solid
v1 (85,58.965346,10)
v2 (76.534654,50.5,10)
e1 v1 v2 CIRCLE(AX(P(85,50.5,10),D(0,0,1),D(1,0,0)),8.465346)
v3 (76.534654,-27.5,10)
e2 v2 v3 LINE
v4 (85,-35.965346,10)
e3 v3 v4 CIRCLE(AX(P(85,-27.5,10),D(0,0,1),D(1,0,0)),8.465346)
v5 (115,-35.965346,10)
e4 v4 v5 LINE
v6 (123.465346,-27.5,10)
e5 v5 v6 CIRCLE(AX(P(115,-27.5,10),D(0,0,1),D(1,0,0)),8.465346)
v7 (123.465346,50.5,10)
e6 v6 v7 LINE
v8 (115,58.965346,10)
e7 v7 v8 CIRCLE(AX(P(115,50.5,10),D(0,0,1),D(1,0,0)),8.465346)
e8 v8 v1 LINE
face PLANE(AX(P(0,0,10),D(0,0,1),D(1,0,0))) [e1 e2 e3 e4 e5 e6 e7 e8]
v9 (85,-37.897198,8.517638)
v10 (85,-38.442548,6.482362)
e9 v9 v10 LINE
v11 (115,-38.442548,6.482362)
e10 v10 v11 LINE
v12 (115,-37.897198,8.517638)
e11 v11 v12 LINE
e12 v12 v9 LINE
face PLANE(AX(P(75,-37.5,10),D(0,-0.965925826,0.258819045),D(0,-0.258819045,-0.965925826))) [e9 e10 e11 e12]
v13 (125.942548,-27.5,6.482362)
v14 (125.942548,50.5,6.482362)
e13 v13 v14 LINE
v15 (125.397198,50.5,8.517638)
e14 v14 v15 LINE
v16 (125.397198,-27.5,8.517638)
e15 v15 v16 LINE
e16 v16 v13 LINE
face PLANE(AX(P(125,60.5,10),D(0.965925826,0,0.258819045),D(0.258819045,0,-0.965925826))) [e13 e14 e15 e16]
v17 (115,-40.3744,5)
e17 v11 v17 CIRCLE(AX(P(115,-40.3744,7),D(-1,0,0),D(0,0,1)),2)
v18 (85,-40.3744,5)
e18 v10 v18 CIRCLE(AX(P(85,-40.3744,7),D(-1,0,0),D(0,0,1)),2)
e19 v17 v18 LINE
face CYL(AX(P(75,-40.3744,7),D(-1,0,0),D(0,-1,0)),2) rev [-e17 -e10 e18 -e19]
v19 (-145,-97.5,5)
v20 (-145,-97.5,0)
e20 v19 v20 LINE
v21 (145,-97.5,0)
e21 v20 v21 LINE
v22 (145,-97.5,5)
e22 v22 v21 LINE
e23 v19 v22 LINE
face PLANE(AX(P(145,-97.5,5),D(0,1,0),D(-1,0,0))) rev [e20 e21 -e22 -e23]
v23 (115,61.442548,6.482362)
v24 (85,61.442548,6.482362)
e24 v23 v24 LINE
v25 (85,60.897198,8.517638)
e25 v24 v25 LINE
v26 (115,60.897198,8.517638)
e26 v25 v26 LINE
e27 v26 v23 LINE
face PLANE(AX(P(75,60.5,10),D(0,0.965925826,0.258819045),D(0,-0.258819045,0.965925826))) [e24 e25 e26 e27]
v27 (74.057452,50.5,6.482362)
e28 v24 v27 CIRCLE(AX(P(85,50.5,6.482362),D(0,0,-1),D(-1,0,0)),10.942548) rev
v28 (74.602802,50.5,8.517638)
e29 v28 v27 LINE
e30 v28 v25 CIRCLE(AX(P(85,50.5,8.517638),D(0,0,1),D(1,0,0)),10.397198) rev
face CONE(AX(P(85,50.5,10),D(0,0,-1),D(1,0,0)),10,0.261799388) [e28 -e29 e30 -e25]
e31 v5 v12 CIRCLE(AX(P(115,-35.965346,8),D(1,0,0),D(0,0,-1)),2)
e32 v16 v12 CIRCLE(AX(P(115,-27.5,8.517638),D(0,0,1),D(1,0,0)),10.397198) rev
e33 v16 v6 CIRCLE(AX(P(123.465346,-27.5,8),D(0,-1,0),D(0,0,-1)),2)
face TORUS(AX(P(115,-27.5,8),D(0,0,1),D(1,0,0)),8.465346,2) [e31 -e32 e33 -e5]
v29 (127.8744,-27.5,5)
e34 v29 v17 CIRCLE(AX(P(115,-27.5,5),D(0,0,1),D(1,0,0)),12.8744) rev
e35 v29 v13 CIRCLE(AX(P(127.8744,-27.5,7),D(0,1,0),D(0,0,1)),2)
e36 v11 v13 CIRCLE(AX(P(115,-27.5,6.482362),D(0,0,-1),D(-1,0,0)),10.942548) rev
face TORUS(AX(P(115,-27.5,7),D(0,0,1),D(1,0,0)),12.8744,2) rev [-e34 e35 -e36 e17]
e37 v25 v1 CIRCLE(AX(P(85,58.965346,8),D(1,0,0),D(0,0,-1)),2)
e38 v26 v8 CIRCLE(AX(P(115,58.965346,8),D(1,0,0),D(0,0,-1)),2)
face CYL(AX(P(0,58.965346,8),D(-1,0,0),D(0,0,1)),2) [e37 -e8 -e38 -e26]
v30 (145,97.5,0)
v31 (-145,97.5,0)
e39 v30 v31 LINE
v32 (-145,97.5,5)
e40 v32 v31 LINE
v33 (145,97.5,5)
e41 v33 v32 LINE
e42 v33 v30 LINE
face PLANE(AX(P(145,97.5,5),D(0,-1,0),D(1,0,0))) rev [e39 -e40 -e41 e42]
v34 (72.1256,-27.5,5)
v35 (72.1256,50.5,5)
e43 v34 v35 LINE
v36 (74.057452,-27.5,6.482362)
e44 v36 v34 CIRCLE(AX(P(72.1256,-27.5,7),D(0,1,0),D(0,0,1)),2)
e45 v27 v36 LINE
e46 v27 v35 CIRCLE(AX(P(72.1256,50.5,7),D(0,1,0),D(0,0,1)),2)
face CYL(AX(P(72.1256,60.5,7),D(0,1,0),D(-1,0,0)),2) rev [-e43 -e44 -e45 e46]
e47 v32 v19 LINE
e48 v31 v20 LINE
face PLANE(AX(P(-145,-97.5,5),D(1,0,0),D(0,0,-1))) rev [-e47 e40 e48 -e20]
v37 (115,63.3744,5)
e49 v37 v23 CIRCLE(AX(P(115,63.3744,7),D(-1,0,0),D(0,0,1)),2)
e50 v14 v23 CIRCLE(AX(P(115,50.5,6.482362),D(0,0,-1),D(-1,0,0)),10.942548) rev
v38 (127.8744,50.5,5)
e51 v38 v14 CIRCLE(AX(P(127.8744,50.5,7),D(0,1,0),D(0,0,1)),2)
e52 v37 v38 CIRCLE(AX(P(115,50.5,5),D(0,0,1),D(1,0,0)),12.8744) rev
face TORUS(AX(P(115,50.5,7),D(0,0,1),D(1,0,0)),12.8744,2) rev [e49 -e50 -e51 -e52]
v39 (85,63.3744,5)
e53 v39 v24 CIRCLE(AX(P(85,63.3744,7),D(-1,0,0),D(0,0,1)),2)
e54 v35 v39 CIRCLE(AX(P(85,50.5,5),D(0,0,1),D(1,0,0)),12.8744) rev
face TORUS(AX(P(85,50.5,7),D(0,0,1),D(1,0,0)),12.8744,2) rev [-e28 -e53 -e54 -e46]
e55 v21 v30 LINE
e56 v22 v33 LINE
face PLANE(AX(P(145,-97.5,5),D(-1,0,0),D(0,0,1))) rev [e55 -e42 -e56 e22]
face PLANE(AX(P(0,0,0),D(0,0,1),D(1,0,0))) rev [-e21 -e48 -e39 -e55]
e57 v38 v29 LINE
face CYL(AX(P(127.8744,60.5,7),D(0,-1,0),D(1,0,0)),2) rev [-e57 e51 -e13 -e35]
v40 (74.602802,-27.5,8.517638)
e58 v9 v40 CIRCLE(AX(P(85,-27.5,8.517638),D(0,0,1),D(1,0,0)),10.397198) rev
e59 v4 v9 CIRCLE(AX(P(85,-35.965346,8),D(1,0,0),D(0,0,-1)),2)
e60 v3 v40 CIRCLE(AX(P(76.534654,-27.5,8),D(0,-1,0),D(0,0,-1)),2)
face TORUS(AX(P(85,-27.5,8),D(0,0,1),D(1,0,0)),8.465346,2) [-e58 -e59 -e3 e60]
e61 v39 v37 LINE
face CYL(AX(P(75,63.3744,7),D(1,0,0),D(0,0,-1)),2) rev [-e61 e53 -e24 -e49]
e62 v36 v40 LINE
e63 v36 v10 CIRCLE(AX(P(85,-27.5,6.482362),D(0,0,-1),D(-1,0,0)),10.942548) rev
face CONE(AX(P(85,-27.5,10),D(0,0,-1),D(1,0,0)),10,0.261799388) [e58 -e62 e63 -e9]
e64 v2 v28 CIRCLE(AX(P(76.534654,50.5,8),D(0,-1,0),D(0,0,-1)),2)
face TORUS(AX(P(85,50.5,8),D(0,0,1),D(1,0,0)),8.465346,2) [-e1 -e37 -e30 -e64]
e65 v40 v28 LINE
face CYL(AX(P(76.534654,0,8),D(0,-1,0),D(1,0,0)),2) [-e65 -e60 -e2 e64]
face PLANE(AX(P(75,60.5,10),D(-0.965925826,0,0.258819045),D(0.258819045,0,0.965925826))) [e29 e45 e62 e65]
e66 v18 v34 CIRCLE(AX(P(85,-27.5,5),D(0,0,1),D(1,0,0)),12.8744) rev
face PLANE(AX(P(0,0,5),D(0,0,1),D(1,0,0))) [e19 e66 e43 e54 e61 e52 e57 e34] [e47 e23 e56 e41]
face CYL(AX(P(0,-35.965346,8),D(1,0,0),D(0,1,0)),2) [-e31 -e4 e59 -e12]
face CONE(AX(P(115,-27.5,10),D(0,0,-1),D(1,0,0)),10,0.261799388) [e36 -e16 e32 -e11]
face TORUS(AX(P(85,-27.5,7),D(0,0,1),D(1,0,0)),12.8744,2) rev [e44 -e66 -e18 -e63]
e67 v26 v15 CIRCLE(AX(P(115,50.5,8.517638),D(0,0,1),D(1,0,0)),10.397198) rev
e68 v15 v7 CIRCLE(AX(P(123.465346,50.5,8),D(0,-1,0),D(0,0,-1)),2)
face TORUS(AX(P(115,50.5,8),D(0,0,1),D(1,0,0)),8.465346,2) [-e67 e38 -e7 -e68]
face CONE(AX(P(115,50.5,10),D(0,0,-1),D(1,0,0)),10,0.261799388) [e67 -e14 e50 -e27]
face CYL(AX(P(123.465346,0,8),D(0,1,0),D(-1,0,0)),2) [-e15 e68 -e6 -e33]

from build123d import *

# Parameters (mm, degrees)
SKETCH_1_W      = 290
SKETCH_1_H      = 195
EXTRUDE_1_DEPTH = 5
SKETCH_2_W      = 50
SKETCH_2_H      = 98
EXTRUDE_2_DEPTH = 5
FILLET_1_R      = 10
DRAFT_1_ANGLE   = 15
FILLET_2_R      = 2


with BuildPart() as part:
    # 草图1 → 凸台-拉伸1 (new body)
    with BuildSketch(Plane.XY):
        Rectangle(SKETCH_1_W, SKETCH_1_H)
    extrude(amount=EXTRUDE_1_DEPTH)

    # 草图2 → 凸台-拉伸2 (add)
    with BuildSketch(Plane.XY.offset(5)):
        with Locations((100, 11.5)):
            Rectangle(SKETCH_2_W, SKETCH_2_H)
    extrude(amount=EXTRUDE_2_DEPTH)

    # 圆角1
    fillet_1_edges = [part.edges().sort_by_distance(p)[0] for p in [
        (125, -37.5, 7.5),
        (125, 60.5, 7.5),
        (75, 60.5, 7.5),
        (75, -37.5, 7.5),
    ]]
    fillet(fillet_1_edges, radius=FILLET_1_R)

    # 拔模1
    draft_1_faces = [part.faces().sort_by_distance(p)[0] for p in [
        (75, 11.5, 7.5),
        (77.928932188, 57.571067812, 7.5),
        (100, 60.5, 7.5),
        (122.071067812, 57.571067812, 7.5),
        (125, 11.5, 7.5),
        (122.071067812, -34.571067812, 7.5),
        (100, -37.5, 7.5),
        (77.928932188, -34.571067812, 7.5),
    ]]
    draft(draft_1_faces, Plane.XY.offset(10), DRAFT_1_ANGLE)

    # 圆角2
    fillet_2_edges = [part.edges().sort_by_distance(p)[0] for p in [
        (100, 61.839745962, 5),
        (100, 60.5, 10),
        (126.339745962, 11.5, 5),
        (125, 11.5, 10),
        (75, 11.5, 10),
        (100, -37.5, 10),
        (77.928932188, -34.571067812, 10),
        (122.071067812, -34.571067812, 10),
        (77.928932188, 57.571067812, 10),
        (122.071067812, 57.571067812, 10),
        (73.660254038, 11.5, 5),
        (100, -38.839745962, 5),
        (123.018411267, 58.518411267, 5),
        (76.981588733, 58.518411267, 5),
        (123.018411267, -35.518411267, 5),
        (76.981588733, -35.518411267, 5),
    ]]
    fillet(fillet_2_edges, radius=FILLET_2_R)


solid = part.part
